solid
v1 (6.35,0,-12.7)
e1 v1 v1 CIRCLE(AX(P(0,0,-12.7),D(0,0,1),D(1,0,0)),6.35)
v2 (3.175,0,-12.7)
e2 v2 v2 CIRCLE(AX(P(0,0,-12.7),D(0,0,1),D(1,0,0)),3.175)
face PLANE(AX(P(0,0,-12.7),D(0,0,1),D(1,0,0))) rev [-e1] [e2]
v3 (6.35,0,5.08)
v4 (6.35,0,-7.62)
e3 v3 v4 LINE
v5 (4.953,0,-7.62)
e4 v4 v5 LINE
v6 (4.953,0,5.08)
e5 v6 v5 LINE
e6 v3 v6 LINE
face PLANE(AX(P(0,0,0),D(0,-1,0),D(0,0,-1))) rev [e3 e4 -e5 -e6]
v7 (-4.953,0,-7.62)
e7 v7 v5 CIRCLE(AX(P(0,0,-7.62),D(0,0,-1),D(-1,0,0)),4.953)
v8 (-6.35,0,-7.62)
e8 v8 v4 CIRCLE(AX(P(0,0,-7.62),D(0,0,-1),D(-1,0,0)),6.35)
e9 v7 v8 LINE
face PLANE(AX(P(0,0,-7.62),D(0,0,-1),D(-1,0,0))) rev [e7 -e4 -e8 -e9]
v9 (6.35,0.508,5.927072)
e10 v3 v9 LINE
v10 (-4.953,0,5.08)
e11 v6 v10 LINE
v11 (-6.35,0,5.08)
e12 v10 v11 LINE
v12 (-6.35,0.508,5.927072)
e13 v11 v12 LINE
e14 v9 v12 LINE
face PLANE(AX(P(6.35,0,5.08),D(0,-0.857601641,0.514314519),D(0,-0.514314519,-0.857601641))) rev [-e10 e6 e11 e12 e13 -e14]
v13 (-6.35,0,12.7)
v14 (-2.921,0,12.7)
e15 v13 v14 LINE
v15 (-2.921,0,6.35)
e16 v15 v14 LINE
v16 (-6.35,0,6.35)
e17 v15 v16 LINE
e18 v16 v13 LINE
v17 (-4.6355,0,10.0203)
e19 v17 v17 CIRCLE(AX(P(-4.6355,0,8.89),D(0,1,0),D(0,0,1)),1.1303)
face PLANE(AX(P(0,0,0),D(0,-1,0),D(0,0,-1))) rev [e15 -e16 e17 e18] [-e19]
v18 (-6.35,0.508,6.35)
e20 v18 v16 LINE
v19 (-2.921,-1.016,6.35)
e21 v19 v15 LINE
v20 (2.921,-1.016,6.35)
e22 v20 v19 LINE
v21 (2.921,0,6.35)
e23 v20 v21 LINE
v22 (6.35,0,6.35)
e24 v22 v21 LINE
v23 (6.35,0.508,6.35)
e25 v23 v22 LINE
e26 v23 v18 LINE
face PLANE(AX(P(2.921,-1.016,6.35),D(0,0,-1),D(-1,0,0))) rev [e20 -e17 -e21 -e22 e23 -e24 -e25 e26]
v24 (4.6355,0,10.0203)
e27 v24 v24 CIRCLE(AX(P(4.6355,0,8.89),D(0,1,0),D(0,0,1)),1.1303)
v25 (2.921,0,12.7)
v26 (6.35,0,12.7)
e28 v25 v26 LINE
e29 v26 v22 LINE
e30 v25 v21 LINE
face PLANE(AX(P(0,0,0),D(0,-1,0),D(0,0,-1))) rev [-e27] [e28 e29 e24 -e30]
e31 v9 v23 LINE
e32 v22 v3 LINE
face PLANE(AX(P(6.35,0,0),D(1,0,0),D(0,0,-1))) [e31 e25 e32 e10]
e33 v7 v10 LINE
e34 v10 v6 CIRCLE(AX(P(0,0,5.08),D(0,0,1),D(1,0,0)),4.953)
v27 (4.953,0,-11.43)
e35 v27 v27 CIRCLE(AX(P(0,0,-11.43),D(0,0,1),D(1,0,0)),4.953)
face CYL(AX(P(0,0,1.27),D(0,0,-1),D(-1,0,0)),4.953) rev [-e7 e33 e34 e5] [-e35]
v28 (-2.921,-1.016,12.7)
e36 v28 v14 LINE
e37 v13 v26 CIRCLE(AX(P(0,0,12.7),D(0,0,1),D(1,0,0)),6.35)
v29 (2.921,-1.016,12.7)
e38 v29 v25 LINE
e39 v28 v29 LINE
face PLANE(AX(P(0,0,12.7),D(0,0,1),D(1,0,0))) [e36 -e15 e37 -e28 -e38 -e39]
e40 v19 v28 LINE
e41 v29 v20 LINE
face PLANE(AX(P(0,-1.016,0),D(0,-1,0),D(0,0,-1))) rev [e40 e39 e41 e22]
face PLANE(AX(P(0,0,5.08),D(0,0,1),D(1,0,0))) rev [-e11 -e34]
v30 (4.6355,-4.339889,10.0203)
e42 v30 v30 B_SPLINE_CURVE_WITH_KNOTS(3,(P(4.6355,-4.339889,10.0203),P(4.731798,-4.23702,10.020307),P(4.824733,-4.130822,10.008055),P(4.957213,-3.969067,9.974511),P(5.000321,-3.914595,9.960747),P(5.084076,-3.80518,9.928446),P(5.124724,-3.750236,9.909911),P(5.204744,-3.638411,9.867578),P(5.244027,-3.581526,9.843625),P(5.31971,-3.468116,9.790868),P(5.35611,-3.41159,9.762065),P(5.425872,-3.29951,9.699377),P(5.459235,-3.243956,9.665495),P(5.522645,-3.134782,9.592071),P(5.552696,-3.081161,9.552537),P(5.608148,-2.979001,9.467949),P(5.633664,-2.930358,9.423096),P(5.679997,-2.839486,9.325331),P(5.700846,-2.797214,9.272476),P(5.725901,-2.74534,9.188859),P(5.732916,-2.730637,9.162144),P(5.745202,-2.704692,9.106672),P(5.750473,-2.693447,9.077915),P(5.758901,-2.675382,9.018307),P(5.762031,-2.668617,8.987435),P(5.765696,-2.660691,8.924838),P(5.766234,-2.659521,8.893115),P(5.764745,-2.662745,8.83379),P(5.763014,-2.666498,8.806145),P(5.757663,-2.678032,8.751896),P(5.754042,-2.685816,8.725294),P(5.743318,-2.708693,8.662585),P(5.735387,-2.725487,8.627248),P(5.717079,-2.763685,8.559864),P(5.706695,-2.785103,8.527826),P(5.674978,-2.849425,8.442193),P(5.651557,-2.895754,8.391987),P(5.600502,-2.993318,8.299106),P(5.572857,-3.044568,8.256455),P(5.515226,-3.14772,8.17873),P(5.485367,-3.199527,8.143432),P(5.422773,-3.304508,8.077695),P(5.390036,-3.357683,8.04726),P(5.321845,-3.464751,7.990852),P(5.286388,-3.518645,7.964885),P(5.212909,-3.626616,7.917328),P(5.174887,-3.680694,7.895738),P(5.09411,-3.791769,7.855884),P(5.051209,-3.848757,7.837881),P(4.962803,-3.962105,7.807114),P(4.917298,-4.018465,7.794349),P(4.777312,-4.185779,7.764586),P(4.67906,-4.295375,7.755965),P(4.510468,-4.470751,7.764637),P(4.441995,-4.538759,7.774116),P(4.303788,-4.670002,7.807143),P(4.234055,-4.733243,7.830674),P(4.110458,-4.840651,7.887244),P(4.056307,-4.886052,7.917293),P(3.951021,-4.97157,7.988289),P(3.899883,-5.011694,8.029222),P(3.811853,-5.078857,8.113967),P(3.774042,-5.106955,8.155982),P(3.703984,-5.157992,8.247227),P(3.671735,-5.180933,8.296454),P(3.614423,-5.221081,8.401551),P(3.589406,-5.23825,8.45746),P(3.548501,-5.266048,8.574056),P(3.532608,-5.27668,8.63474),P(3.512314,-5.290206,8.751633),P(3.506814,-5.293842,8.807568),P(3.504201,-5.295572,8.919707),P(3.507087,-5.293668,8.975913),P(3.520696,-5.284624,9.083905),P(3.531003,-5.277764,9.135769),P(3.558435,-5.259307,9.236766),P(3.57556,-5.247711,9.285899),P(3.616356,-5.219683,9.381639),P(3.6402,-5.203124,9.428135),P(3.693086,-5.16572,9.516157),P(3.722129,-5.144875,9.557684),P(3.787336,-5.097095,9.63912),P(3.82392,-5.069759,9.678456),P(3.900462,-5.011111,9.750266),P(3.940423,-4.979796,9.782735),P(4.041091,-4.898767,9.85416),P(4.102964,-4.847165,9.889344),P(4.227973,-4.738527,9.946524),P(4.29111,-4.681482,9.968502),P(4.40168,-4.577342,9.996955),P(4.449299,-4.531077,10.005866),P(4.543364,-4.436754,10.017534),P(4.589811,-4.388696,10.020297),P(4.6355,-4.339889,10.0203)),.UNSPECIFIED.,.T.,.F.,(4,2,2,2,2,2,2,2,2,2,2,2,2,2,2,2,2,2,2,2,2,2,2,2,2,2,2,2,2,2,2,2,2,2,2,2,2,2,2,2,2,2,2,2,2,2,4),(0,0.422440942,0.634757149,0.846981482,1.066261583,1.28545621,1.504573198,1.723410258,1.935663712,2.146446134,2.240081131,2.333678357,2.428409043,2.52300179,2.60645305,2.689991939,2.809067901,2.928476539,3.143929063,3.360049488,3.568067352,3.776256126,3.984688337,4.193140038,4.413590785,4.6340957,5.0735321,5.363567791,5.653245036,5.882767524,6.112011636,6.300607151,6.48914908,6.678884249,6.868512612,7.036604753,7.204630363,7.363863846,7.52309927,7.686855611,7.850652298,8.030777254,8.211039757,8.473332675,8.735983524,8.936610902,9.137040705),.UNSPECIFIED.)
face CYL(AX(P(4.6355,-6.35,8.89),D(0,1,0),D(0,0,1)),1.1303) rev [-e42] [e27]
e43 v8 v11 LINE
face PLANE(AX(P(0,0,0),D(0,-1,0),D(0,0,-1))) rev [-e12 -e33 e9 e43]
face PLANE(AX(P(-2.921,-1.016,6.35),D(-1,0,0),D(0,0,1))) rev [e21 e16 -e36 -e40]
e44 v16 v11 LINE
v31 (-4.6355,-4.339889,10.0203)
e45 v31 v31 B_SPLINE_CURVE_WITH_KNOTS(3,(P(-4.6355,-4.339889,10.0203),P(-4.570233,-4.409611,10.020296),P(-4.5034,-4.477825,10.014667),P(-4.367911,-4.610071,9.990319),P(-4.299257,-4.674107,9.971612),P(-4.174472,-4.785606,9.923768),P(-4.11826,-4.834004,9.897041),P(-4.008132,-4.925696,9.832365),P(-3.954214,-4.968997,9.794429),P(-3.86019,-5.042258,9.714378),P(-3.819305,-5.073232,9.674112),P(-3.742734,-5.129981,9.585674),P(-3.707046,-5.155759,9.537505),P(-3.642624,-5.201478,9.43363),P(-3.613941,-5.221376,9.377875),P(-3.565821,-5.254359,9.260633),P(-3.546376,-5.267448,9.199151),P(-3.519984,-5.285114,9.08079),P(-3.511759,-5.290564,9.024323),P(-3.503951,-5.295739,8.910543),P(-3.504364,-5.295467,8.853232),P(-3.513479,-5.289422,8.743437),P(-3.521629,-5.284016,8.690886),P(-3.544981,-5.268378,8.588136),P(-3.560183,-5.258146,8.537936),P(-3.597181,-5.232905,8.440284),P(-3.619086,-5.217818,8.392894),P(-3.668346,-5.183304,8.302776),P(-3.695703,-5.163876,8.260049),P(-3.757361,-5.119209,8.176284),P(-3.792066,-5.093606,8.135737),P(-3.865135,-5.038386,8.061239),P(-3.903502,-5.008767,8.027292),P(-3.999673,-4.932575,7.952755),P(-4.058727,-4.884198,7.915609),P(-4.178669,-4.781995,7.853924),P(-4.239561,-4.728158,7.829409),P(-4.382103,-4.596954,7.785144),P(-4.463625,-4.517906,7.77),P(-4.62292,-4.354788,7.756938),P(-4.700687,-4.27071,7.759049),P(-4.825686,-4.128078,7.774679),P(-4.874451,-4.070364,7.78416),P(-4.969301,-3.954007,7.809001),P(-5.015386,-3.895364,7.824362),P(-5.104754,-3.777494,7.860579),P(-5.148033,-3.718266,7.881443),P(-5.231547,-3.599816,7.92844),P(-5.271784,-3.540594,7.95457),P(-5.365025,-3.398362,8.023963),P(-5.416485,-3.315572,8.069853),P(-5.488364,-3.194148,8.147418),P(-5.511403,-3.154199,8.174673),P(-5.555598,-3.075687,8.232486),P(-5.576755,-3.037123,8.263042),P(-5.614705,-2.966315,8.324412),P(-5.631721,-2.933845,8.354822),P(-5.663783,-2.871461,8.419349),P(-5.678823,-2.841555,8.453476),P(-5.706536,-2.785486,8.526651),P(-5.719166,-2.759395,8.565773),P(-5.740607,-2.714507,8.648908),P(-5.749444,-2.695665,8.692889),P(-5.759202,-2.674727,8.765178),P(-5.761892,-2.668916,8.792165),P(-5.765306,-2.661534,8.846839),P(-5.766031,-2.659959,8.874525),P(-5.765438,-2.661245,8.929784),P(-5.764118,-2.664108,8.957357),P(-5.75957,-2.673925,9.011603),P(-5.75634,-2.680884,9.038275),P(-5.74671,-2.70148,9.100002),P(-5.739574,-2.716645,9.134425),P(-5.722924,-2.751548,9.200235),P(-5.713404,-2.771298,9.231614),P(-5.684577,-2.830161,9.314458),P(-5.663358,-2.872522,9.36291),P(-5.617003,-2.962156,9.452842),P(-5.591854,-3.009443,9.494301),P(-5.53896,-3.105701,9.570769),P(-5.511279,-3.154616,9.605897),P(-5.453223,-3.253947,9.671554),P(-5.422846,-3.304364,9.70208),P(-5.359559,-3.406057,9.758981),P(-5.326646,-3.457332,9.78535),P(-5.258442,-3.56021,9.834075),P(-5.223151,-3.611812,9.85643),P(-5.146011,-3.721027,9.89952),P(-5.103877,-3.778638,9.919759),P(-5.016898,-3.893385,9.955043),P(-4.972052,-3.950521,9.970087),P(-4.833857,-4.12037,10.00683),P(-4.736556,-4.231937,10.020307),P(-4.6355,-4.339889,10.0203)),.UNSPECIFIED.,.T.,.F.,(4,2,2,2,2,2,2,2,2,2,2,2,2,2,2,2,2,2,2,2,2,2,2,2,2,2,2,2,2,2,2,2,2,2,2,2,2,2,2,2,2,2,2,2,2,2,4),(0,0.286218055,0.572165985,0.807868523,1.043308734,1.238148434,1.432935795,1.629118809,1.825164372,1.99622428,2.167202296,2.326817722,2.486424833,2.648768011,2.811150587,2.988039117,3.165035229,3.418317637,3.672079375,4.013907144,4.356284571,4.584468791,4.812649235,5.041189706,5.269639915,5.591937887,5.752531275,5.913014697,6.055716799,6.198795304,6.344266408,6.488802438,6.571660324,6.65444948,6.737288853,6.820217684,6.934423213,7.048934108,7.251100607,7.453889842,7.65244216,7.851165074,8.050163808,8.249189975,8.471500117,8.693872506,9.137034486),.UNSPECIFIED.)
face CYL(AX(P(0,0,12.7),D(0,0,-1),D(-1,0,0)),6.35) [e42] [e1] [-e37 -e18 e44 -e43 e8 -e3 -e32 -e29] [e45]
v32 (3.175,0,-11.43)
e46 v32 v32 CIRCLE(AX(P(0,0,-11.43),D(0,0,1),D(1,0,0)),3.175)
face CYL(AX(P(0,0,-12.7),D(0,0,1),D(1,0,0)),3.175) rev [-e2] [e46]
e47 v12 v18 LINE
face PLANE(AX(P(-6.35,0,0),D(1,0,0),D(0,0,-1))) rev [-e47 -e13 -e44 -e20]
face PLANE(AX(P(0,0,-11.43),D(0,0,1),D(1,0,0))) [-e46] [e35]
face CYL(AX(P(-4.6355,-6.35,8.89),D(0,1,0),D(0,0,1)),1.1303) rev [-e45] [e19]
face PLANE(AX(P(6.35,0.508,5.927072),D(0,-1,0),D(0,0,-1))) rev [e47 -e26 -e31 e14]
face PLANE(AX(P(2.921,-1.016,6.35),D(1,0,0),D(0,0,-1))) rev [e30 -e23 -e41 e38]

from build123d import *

# Parameters (mm, degrees)
SKETCH1_R               = 6.35
BOSS_EXTRUDE1_DEPTH     = 12.7
SKETCH3_W               = 12.7
SKETCH3_H               = 15.24
CUT_EXTRUDE2_DEPTH      = 7.35
CUT_EXTRUDE3_START      = -2.54
SKETCH4_R               = 4.953
CUT_EXTRUDE3_DEPTH      = 6.35
CUT_EXTRUDE3_DEPTH_BACK = 6.35
SKETCH5_R               = 3.175
CUT_EXTRUDE4_DEPTH      = 2.27
SKETCH7_W               = 5.842
SKETCH7_H               = 6.35
CUT_EXTRUDE5_DEPTH      = 1.016
SKETCH8_R               = 1.1303
CUT_EXTRUDE6_DEPTH      = 7.35
SKETCH10_R              = 4.953
CUT_EXTRUDE7_DEPTH      = 16.51
SKETCH11_W              = 12.869582419
SKETCH11_H              = 6.56213844
CUT_EXTRUDE8_DEPTH      = 12.7
BOSS_EXTRUDE2_DEPTH     = 6.35


with BuildPart() as part:
    # Sketch1 → Boss-Extrude1 (new body, symmetric)
    with BuildSketch(Plane.XY):
        Circle(SKETCH1_R)
    extrude(amount=BOSS_EXTRUDE1_DEPTH, both=True)

    # Sketch3 → Cut-Extrude2 (cut, through all)
    with BuildSketch(Plane(origin=(0, 0, 0), x_dir=(1, 0, 0), z_dir=(0, 1, 0))):
        with Locations((0, -5.08)):
            Rectangle(SKETCH3_W, SKETCH3_H)
    extrude(amount=CUT_EXTRUDE2_DEPTH, mode=Mode.SUBTRACT)

    # Sketch4 → Cut-Extrude3 (cut, two sides)
    with BuildSketch(Plane.XY.offset(-2.54).offset(CUT_EXTRUDE3_START)) as cut_extrude3_sk:
        Circle(SKETCH4_R)
    extrude(amount=CUT_EXTRUDE3_DEPTH, mode=Mode.SUBTRACT)
    extrude(cut_extrude3_sk.sketch, amount=-CUT_EXTRUDE3_DEPTH_BACK, mode=Mode.SUBTRACT)

    # Sketch5 → Cut-Extrude4 (cut, through all)
    with BuildSketch(Plane.XY.offset(-11.43)):
        Circle(SKETCH5_R)
    extrude(amount=-CUT_EXTRUDE4_DEPTH, mode=Mode.SUBTRACT)

    # Sketch7 → Cut-Extrude5 (cut)
    with BuildSketch(Plane(origin=(0, 0, 0), x_dir=(1, 0, 0), z_dir=(0, 1, 0))):
        with Locations((0, -9.525)):
            Rectangle(SKETCH7_W, SKETCH7_H)
    extrude(amount=-CUT_EXTRUDE5_DEPTH, mode=Mode.SUBTRACT)

    # Sketch8 → Cut-Extrude6 (cut, through all)
    with BuildSketch(Plane(origin=(0, 0, 0), x_dir=(1, 0, 0), z_dir=(0, 1, 0))):
        with Locations((-4.6355, -8.89)):
            Circle(SKETCH8_R)
        with Locations((4.6355, -8.89)):
            Circle(SKETCH8_R)
    extrude(amount=-CUT_EXTRUDE6_DEPTH, mode=Mode.SUBTRACT)

    # Sketch10 → Cut-Extrude7 (cut)
    with BuildSketch(Plane.XY.offset(-11.43)):
        Circle(SKETCH10_R)
    extrude(amount=CUT_EXTRUDE7_DEPTH, mode=Mode.SUBTRACT)

    # Sketch11 → Cut-Extrude8 (cut)
    with BuildSketch(Plane(origin=(0, 0, 5.08), x_dir=(-1, 0, 0), z_dir=(0, 0, -1))):
        with Locations((-0.08479121, 3.28106922)):
            Rectangle(SKETCH11_W, SKETCH11_H)
    extrude(amount=CUT_EXTRUDE8_DEPTH, mode=Mode.SUBTRACT)

    # Sketch12 → Boss-Extrude2 (add, symmetric)
    with BuildSketch(Plane(origin=(0, 0, 0), x_dir=(0, 0, -1), z_dir=(1, 0, 0))):
        Polygon((-6.35, 0), (-5.08, 0), (-5.9270724, 0.508), (-6.35, 0.508), align=None)
    extrude(amount=BOSS_EXTRUDE2_DEPTH, both=True)


solid = part.part
